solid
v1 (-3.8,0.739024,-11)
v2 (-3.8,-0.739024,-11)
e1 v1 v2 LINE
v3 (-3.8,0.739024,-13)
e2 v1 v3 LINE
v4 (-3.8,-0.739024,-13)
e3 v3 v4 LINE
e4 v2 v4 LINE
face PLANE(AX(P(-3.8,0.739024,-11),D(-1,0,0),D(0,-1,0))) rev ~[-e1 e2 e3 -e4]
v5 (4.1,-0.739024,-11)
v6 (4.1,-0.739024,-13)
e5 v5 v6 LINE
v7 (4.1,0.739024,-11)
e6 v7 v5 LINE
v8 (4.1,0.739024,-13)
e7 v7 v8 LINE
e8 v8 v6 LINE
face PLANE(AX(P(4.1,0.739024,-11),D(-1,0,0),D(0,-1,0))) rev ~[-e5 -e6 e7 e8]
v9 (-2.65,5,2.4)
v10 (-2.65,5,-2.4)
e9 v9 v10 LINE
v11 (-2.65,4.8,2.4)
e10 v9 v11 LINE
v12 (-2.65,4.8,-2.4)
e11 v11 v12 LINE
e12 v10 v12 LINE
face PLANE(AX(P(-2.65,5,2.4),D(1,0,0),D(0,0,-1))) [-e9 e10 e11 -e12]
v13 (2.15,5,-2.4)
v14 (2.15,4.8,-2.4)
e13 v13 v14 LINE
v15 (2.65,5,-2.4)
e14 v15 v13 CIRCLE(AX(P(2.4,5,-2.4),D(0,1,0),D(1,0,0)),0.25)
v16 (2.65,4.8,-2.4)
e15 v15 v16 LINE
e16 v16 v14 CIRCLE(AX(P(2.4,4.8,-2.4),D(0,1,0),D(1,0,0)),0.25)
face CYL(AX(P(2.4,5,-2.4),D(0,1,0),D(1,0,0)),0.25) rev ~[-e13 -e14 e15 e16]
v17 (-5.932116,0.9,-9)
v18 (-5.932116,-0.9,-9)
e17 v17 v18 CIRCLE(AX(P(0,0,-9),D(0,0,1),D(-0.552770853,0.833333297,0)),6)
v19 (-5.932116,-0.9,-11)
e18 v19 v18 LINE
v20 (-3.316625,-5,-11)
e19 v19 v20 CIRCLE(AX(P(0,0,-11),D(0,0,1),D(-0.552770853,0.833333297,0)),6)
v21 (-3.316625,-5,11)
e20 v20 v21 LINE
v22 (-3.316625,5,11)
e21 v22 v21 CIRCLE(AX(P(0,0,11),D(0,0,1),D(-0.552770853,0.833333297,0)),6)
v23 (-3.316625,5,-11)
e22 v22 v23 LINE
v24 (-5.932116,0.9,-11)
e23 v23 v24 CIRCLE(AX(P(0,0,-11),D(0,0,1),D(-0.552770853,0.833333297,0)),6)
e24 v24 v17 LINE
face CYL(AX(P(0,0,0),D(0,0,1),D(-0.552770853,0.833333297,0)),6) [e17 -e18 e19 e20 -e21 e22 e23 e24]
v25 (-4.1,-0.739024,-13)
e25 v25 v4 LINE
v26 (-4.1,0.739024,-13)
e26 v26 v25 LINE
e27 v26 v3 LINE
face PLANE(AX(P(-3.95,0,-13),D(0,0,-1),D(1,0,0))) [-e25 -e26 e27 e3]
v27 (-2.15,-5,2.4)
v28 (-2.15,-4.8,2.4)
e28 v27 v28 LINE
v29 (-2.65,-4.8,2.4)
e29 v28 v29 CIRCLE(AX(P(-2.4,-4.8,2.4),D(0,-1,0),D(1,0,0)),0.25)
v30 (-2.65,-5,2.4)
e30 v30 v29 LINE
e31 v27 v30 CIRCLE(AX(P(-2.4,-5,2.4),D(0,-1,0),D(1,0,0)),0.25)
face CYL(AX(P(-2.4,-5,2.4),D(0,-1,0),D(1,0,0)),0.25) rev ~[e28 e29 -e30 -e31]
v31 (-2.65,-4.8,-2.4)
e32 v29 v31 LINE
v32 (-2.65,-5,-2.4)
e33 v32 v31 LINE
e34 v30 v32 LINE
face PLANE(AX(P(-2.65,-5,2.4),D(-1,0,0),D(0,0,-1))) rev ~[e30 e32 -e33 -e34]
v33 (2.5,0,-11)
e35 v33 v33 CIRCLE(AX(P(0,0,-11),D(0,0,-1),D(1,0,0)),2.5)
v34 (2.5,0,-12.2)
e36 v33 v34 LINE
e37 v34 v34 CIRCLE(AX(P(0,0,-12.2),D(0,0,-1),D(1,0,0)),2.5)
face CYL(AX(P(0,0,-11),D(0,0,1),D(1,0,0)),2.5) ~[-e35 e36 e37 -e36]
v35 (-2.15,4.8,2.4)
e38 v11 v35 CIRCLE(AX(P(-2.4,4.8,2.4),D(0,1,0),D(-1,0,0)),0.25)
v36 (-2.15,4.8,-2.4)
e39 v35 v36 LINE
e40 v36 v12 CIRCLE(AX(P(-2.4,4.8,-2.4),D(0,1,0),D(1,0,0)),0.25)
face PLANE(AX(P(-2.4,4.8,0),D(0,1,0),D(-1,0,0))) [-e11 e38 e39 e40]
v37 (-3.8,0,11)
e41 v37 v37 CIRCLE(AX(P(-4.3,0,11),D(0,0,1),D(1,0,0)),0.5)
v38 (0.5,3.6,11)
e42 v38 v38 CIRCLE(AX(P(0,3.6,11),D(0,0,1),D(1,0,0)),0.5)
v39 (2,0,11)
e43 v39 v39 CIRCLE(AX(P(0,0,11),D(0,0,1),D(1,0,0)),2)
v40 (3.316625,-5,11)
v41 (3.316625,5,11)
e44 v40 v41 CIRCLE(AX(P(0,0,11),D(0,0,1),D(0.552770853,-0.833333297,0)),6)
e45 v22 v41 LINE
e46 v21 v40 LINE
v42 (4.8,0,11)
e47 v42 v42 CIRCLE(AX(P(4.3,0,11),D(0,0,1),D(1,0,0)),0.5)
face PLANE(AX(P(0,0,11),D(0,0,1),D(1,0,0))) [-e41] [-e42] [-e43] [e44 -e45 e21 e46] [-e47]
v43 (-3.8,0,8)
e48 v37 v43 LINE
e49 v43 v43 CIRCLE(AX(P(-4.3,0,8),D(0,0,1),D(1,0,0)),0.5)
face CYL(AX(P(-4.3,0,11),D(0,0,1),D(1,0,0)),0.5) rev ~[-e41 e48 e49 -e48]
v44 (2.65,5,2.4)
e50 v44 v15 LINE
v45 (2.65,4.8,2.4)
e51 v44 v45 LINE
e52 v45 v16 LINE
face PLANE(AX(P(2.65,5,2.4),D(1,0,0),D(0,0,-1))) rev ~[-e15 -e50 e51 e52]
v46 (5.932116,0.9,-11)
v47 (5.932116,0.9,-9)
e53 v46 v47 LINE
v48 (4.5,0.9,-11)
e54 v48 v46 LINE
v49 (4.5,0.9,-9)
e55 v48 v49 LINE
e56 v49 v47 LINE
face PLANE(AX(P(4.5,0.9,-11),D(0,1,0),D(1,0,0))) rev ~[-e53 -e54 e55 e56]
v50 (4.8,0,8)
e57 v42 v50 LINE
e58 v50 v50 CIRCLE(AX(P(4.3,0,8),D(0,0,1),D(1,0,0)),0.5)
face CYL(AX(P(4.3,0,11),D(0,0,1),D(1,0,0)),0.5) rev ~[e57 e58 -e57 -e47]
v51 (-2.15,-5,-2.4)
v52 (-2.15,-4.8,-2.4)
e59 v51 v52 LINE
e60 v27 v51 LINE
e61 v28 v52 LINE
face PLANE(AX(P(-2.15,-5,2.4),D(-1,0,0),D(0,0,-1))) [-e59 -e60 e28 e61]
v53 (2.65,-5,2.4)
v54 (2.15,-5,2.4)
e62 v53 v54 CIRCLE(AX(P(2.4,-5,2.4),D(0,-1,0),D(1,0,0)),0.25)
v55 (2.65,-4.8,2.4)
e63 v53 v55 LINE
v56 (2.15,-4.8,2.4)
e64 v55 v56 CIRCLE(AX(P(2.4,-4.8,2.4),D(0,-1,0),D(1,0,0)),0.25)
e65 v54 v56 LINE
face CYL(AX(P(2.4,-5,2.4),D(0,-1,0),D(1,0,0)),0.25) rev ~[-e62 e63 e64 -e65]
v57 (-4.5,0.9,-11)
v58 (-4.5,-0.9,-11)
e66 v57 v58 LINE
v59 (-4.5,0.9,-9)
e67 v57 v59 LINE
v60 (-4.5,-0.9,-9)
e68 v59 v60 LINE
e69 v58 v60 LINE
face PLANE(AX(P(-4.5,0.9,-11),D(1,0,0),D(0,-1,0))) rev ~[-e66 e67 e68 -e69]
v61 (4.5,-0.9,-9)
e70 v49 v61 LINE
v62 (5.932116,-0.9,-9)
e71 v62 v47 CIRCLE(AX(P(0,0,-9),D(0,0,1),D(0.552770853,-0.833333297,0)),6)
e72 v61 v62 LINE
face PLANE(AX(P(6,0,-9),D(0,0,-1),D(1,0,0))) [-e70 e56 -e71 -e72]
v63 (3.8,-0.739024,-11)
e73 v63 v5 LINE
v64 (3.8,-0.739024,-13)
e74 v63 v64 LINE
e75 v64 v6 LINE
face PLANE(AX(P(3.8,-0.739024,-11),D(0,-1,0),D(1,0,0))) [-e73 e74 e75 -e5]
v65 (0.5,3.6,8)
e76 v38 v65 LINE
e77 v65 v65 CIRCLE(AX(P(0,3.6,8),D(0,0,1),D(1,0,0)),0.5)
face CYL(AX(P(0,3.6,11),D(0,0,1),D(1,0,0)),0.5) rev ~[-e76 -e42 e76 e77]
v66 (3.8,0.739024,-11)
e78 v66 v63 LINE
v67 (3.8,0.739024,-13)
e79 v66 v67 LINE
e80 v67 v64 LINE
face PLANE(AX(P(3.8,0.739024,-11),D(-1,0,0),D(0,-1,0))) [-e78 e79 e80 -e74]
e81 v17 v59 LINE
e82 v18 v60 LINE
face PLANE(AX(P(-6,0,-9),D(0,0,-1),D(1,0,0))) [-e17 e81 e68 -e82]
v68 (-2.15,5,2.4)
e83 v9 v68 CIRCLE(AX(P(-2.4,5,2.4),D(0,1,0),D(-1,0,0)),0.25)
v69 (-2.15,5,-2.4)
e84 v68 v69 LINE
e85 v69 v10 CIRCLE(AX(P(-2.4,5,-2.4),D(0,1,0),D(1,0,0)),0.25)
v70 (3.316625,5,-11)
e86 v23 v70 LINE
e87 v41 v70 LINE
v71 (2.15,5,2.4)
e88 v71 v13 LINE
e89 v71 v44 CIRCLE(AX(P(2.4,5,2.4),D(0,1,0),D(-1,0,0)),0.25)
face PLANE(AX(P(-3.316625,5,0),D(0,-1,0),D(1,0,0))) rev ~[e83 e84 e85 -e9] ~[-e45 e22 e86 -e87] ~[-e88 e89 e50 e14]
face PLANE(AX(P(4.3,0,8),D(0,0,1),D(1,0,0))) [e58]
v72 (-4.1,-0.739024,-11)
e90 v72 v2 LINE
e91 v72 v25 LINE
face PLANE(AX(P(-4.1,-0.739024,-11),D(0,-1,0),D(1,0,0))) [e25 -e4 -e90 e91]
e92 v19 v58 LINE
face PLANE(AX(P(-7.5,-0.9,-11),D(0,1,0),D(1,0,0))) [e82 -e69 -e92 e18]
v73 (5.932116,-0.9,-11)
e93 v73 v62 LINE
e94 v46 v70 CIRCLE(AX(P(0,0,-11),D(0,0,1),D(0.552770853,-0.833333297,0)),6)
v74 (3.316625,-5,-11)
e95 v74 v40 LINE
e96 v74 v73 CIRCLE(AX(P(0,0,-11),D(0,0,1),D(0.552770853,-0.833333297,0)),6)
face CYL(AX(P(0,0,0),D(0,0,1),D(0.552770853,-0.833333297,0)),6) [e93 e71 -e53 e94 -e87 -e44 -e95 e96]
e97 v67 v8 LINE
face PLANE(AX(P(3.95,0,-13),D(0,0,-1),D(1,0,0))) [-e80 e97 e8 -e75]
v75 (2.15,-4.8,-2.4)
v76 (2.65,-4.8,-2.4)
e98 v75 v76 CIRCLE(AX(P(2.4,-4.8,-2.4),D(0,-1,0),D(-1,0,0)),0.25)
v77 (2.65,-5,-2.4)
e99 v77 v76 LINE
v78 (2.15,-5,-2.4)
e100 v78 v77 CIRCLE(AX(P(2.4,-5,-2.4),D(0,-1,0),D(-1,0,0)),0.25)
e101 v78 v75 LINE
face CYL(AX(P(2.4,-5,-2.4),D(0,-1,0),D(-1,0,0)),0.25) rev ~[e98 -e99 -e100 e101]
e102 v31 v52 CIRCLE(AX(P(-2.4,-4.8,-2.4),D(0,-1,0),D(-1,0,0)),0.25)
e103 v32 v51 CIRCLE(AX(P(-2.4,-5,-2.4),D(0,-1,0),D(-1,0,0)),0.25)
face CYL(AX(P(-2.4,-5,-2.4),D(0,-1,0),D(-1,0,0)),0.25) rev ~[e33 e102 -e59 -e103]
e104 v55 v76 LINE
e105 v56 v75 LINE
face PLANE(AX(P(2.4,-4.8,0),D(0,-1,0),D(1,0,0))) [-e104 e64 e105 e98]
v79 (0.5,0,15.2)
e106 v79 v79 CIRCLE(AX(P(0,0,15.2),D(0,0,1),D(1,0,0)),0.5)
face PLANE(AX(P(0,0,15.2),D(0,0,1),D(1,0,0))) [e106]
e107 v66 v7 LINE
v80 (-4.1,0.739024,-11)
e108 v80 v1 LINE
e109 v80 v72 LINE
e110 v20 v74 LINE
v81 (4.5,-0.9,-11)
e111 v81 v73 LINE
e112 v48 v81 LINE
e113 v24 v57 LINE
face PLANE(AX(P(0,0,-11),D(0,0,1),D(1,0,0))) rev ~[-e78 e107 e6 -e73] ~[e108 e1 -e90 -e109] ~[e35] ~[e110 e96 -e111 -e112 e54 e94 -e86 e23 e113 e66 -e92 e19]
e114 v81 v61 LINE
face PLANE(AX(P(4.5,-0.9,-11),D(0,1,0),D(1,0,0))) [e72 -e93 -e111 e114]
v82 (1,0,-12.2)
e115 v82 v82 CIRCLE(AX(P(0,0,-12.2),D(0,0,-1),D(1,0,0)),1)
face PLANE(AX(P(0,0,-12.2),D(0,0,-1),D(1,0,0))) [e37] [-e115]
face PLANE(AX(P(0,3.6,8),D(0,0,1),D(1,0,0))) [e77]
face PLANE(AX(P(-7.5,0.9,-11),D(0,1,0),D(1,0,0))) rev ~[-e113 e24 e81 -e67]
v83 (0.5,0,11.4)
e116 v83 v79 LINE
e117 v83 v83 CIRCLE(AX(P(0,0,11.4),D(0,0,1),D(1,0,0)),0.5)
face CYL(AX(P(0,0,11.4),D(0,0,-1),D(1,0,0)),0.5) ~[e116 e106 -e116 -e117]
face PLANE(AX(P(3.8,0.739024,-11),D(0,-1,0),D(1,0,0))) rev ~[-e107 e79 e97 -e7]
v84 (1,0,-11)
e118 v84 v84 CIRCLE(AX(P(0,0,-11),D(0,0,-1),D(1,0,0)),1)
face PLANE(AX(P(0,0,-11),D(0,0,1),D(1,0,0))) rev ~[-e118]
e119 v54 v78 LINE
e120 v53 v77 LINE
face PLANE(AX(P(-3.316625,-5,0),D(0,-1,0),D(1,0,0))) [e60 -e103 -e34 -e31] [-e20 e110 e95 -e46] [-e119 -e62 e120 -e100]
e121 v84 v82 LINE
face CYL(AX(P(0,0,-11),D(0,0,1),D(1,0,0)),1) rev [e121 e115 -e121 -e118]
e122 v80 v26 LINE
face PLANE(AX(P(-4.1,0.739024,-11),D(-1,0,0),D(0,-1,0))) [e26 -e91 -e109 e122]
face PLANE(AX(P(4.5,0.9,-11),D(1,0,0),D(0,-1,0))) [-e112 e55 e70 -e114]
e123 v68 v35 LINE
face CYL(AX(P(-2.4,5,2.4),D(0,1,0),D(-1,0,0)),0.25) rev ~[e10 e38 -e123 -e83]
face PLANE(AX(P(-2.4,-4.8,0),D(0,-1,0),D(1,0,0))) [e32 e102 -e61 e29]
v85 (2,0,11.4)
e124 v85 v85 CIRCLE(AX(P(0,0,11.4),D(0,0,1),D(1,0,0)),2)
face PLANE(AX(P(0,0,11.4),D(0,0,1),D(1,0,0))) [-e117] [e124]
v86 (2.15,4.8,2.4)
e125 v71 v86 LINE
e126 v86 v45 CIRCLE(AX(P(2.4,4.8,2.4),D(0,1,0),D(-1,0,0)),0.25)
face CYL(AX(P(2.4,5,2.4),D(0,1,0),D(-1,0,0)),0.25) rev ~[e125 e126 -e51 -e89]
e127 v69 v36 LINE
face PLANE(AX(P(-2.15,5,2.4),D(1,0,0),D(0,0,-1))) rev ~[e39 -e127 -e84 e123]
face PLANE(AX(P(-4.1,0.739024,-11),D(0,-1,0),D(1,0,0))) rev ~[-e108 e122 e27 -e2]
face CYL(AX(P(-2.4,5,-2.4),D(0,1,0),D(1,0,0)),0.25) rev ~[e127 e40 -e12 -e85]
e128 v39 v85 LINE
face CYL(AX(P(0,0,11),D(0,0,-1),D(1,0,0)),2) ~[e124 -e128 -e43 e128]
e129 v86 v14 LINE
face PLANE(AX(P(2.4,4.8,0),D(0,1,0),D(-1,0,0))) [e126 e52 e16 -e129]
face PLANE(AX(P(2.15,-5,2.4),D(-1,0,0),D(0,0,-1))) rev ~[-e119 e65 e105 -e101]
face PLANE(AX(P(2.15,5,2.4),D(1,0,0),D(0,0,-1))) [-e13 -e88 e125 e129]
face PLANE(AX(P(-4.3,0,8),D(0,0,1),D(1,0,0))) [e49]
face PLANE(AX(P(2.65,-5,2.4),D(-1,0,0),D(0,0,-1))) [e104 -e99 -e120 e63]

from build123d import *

# Parameters (mm, degrees)
PAD_DEPTH          = 11
SKETCH001_R        = 2
PAD001_DEPTH       = 0.4
SKETCH002_R        = 0.5
PAD002_DEPTH       = 3.8
SKETCH003_R        = 0.5
POCKET_DEPTH       = 3
SKETCH004_R        = 2.5
SKETCH004_R_2      = 1
PAD003_DEPTH       = 1.2
SKETCH005_W        = 3
SKETCH005_H        = 1.8
POCKET001_DEPTH    = 2
SKETCH006_W        = 0.3
SKETCH006_H        = 1.478048
PAD004_DEPTH       = 2
POCKET002_DEPTH    = 0.2
POLARPATTERN_COUNT = 2


with BuildPart() as part:
    # Sketch → Pad (new body, symmetric)
    with BuildSketch(Plane.XY):
        with BuildLine():
            ThreePointArc((-3.316625, 5), (-6, 0), (-3.316625, -5))
            Line((-3.316625, -5), (3.316625, -5))
            ThreePointArc((3.316625, -5), (6, 0), (3.316625, 5))
            Line((-3.316625, 5), (3.316625, 5))
        make_face()
    extrude(amount=PAD_DEPTH, both=True)

    # Sketch001 (on Face6 of Pad) → Pad001 (join)
    with BuildSketch(Plane.XY.offset(11)):
        Circle(SKETCH001_R)
    extrude(amount=PAD001_DEPTH)

    # Sketch002 (on Face8 of Pad001) → Pad002 (join)
    with BuildSketch(Plane.XY.offset(11.4)):
        Circle(SKETCH002_R)
    extrude(amount=PAD002_DEPTH)

    # Sketch003 (on Face5 of Pad002) → Pocket (cut)
    with BuildSketch(Plane.XY.offset(11)):
        with Locations((0, 3.6)):
            Circle(SKETCH003_R)
        with Locations((-4.3, 0)):
            Circle(SKETCH003_R)
        with Locations((4.3, 0)):
            Circle(SKETCH003_R)
    extrude(amount=-POCKET_DEPTH, mode=Mode.SUBTRACT)

    # Sketch004 (on Face4 of Pocket) → Pad003 (join)
    with BuildSketch(Plane(origin=(0, 0, -11), x_dir=(1, 0, 0), z_dir=(0, 0, -1))):
        Circle(SKETCH004_R)
        Circle(SKETCH004_R_2, mode=Mode.SUBTRACT)
    extrude(amount=PAD003_DEPTH)

    # Sketch005 (on Face4 of Pad003) → Pocket001 (cut)
    with BuildSketch(Plane(origin=(0, 0, -11), x_dir=(1, 0, 0), z_dir=(0, 0, -1))):
        with Locations((-6, 0)):
            Rectangle(SKETCH005_W, SKETCH005_H)
        with Locations((6, 0)):
            Rectangle(SKETCH005_W, SKETCH005_H)
    extrude(amount=-POCKET001_DEPTH, mode=Mode.SUBTRACT)

    # Sketch006 (on Face2 of Pocket001) → Pad004 (join)
    with BuildSketch(Plane(origin=(0, 0, -11), x_dir=(1, 0, 0), z_dir=(0, 0, -1))):
        with Locations((-3.95, 0)):
            Rectangle(SKETCH006_W, SKETCH006_H)
        with Locations((3.95, 0)):
            Rectangle(SKETCH006_W, SKETCH006_H)
    extrude(amount=PAD004_DEPTH)

    # Sketch007 (on Face6 of Pad004) → Pocket002 (cut)
    with BuildSketch(Plane.XZ.offset(5)):
        with BuildLine():
            ThreePointArc((-2.15, 2.4), (-2.4, 2.65), (-2.65, 2.4))
            Line((-2.65, 2.4), (-2.65, -2.4))
            ThreePointArc((-2.65, -2.4), (-2.4, -2.65), (-2.15, -2.4))
            Line((-2.15, 2.4), (-2.15, -2.4))
        make_face()
        with BuildLine():
            ThreePointArc((2.65, 2.4), (2.4, 2.65), (2.15, 2.4))
            Line((2.15, 2.4), (2.15, -2.4))
            ThreePointArc((2.15, -2.4), (2.4, -2.65), (2.65, -2.4))
            Line((2.65, 2.4), (2.65, -2.4))
        make_face()
    pocket002 = extrude(amount=-POCKET002_DEPTH, mode=Mode.SUBTRACT)

    # PolarPattern: Pocket002 ×2 about axis
    polarpattern_axis = Axis((0, 0, 0), (0, 0, 1))
    for i in range(1, POLARPATTERN_COUNT):
        add(pocket002.rotate(polarpattern_axis, i * 360 / POLARPATTERN_COUNT), mode=Mode.SUBTRACT)


solid = part.part
